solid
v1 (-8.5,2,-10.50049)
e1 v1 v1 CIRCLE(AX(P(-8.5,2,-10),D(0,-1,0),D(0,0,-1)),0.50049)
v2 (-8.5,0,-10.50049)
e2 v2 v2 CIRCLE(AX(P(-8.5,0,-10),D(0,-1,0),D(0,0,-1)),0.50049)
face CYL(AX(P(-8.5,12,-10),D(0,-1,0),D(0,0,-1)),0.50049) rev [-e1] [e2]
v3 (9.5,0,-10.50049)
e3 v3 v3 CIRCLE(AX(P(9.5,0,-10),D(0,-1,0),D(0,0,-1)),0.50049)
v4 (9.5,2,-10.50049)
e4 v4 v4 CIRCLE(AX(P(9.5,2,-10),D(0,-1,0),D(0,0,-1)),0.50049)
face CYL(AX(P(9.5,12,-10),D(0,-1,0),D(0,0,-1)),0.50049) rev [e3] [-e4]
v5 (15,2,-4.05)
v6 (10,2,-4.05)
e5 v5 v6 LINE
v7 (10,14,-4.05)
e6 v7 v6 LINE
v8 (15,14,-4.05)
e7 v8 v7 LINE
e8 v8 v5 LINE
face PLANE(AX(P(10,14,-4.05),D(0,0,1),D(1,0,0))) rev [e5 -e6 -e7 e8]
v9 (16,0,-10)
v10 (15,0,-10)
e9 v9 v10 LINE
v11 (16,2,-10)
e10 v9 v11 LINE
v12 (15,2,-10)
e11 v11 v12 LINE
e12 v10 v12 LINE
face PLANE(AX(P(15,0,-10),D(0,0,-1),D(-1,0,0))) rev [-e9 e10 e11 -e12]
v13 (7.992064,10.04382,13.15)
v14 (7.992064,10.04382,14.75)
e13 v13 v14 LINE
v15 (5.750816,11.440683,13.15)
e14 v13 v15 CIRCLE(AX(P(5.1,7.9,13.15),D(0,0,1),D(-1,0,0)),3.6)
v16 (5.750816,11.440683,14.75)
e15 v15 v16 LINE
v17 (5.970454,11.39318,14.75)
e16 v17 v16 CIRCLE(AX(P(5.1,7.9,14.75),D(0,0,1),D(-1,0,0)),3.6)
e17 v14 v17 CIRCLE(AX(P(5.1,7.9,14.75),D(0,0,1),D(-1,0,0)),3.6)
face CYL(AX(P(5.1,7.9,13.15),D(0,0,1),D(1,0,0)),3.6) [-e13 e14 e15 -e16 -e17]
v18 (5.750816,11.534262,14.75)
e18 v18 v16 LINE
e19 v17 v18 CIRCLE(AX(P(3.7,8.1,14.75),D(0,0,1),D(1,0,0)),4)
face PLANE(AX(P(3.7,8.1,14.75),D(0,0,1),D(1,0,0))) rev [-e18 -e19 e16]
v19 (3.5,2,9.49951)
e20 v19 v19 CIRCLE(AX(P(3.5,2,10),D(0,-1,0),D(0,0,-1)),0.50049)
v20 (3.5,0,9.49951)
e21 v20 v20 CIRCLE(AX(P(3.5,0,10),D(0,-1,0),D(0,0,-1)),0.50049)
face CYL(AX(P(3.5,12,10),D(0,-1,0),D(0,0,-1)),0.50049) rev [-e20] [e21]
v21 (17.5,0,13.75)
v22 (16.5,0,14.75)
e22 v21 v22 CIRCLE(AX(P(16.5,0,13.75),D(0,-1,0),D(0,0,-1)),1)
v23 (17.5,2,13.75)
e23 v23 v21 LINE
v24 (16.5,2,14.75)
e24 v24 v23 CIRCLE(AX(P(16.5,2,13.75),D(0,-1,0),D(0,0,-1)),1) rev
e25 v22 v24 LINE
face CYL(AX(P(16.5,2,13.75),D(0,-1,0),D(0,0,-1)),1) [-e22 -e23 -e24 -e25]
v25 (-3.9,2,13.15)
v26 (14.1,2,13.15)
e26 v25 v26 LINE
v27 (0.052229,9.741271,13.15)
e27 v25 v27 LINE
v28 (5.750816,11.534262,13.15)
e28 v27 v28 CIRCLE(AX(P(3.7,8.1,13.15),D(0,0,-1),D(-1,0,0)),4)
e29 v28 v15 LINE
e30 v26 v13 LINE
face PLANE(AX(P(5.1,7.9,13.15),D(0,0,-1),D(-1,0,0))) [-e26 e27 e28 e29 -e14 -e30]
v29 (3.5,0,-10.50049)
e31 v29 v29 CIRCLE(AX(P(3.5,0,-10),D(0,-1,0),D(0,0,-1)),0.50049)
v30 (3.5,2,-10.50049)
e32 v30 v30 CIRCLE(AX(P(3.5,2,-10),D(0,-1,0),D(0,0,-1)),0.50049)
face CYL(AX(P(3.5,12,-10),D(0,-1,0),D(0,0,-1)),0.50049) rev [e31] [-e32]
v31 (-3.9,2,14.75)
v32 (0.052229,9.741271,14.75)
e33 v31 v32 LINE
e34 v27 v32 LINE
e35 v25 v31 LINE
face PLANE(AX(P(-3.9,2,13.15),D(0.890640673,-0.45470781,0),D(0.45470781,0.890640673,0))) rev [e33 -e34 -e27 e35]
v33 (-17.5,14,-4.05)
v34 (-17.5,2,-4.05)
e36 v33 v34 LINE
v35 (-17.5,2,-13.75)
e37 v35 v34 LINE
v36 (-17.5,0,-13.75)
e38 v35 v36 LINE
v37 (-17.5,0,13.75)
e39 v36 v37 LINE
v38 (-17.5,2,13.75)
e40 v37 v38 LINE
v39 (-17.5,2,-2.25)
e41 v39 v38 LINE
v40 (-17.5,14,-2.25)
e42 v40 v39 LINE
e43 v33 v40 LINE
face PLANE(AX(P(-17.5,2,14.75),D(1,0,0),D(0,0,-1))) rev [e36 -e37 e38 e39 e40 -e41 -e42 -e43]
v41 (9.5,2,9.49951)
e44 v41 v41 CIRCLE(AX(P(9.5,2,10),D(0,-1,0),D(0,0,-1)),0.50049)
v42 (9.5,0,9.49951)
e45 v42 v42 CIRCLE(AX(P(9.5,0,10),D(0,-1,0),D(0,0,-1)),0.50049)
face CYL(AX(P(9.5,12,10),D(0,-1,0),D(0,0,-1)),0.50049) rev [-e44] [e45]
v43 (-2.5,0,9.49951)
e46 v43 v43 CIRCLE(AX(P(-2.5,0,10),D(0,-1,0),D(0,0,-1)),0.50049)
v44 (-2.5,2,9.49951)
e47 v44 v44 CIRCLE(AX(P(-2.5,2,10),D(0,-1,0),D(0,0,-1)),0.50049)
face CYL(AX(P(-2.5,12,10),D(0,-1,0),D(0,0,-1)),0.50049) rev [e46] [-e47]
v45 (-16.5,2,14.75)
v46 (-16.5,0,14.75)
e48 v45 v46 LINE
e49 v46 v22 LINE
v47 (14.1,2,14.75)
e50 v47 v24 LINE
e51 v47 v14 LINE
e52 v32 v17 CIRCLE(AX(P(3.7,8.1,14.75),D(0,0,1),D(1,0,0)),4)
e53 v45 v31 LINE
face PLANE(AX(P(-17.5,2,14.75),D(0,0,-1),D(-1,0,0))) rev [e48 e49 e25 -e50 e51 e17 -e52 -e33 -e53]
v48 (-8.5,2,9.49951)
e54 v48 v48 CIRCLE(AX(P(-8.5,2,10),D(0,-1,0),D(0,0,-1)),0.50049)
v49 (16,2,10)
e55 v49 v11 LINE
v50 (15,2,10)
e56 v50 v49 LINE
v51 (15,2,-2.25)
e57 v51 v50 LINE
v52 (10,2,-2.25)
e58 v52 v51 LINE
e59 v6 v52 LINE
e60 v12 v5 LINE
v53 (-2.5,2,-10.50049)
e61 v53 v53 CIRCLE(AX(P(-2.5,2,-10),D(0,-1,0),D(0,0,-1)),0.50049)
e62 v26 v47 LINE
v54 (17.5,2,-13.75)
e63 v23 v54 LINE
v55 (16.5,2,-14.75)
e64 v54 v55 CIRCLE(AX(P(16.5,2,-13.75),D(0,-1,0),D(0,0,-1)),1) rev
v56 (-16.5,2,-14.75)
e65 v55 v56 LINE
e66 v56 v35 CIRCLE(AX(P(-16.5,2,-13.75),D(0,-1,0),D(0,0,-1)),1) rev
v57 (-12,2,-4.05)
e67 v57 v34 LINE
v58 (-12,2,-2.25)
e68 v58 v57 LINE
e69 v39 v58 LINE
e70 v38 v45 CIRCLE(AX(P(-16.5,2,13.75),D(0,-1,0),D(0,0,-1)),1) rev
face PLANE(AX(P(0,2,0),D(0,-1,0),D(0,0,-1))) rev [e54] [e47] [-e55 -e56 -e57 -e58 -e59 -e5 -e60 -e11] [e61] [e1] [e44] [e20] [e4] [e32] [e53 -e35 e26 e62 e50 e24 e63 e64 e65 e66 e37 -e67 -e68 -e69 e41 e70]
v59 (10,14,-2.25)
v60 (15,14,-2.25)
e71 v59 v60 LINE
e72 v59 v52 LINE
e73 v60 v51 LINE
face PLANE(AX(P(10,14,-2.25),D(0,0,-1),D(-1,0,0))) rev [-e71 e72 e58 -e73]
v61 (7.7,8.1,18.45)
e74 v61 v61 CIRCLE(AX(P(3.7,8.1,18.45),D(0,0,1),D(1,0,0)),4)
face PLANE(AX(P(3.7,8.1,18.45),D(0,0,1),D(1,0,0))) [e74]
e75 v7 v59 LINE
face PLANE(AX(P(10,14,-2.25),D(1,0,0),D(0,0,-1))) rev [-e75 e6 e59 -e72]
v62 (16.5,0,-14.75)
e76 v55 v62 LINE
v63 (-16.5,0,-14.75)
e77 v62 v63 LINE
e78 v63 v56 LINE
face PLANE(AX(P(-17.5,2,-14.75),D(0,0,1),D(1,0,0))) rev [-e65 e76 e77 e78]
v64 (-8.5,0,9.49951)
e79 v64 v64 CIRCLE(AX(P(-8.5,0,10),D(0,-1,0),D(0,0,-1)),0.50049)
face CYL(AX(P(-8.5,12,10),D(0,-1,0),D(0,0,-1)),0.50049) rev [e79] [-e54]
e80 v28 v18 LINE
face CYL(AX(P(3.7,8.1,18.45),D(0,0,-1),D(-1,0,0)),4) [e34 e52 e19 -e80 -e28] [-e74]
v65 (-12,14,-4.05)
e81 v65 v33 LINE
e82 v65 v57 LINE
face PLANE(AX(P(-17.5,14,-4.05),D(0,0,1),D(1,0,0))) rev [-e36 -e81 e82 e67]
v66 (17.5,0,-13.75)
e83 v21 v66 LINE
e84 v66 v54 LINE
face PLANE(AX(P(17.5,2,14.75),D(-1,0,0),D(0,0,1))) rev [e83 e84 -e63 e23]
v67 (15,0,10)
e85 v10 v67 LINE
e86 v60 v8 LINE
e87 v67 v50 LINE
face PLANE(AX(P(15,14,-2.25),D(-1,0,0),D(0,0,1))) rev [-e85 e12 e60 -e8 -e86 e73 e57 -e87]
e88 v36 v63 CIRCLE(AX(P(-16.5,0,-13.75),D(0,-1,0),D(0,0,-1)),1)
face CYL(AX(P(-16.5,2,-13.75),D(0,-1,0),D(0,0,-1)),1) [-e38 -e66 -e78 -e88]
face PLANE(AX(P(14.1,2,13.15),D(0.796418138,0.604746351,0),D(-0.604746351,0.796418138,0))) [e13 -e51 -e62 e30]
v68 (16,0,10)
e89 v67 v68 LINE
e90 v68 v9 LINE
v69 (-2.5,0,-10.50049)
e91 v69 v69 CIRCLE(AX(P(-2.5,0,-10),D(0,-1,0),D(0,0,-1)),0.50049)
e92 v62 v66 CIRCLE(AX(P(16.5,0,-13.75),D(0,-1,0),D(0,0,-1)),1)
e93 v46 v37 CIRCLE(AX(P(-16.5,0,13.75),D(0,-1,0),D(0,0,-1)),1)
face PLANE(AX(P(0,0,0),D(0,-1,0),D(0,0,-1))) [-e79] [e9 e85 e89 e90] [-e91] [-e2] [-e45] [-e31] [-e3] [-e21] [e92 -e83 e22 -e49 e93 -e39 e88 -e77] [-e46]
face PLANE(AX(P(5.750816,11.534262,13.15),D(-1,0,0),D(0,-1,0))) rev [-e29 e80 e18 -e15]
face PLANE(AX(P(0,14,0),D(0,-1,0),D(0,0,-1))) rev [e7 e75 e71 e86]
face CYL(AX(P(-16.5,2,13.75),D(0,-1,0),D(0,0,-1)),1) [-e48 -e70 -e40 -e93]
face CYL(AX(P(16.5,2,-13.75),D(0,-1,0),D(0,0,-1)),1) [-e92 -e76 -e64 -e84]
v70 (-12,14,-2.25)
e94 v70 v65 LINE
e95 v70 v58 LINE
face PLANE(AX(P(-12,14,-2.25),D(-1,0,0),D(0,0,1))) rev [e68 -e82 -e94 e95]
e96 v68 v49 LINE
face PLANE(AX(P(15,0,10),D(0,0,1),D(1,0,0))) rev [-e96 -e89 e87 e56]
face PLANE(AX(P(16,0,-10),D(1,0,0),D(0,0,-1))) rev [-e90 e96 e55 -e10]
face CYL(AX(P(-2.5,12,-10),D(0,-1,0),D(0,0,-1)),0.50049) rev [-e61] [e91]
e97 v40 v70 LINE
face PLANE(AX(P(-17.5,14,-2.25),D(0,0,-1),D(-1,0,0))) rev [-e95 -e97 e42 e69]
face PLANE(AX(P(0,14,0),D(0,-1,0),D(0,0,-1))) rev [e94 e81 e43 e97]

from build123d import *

# Parameters (mm, degrees)
CROQUIS1_W              = 35
CROQUIS1_H              = 29.5
SALIENTE_EXTRUIR1_DEPTH = 2
SALIENTE_EXTRUIR2_DEPTH = 1.6
CROQUIS3_R              = 4
SALIENTE_EXTRUIR3_DEPTH = 3.7
CROQUIS4_W              = 5.5
CROQUIS4_H              = 1.8
CROQUIS4_W_2            = 5
SALIENTE_EXTRUIR4_DEPTH = 12
CROQUIS5_W              = 1
CROQUIS5_H              = 20
CORTAR_EXTRUIR1_DEPTH   = 29.118543703
CROQUIS6_R              = 0.500490027
CORTAR_EXTRUIR2_DEPTH   = 12
REDONDEO1_R             = 1
SALIENTE_EXTRUIR5_START = 1.6
SALIENTE_EXTRUIR5_DEPTH = 1.6


with BuildPart() as part:
    # Croquis1 → Saliente-Extruir1 (new body)
    with BuildSketch(Plane(origin=(0, 0, 0), x_dir=(1, 0, 0), z_dir=(0, 1, 0))):
        Rectangle(CROQUIS1_W, CROQUIS1_H)
    extrude(amount=SALIENTE_EXTRUIR1_DEPTH)

    # Croquis2 → Saliente-Extruir2 (add)
    with BuildSketch(Plane.XY.offset(14.75)):
        with BuildLine():
            Line((14.1, 2), (-3.9, 2))
            Line((-3.9, 2), (2.207935866, 10.043820198))
            ThreePointArc((2.207935866, 10.043820198), (5.1, 11.5), (7.992064134, 10.043820198))
            Line((7.992064134, 10.043820198), (14.1, 2))
        make_face()
    extrude(amount=-SALIENTE_EXTRUIR2_DEPTH)

    # Croquis3 → Saliente-Extruir3 (add)
    with BuildSketch(Plane.XY.offset(14.75)):
        with Locations(Location((3.7, 8.1, 0), (0, 0, 196.564510331))):
            Circle(CROQUIS3_R)
    extrude(amount=SALIENTE_EXTRUIR3_DEPTH)

    # Croquis4 → Saliente-Extruir4 (add)
    with BuildSketch(Plane(origin=(0, 2, 0), x_dir=(1, 0, 0), z_dir=(0, 1, 0))):
        with Locations((-14.75, 3.15)):
            Rectangle(CROQUIS4_W, CROQUIS4_H)
        with Locations((12.5, 3.15)):
            Rectangle(CROQUIS4_W_2, CROQUIS4_H)
    extrude(amount=SALIENTE_EXTRUIR4_DEPTH)

    # Croquis5 → Cortar-Extruir1 (cut, through all)
    with BuildSketch(Plane(origin=(0, 2, 0), x_dir=(1, 0, 0), z_dir=(0, 1, 0))):
        with Locations((15.5, 0)):
            Rectangle(CROQUIS5_W, CROQUIS5_H)
    extrude(amount=-CORTAR_EXTRUIR1_DEPTH, mode=Mode.SUBTRACT)

    # Croquis6 → Cortar-Extruir2 (cut)
    with BuildSketch(Plane.XZ):
        with Locations(Location((-8.5, -10, 0), (0, 0, 270))):
            Circle(CROQUIS6_R)
        with Locations(Location((-2.5, -10, 0), (0, 0, 270))):
            Circle(CROQUIS6_R)
        with Locations(Location((3.5, -10, 0), (0, 0, 270))):
            Circle(CROQUIS6_R)
        with Locations(Location((9.5, -10, 0), (0, 0, 270))):
            Circle(CROQUIS6_R)
        with Locations(Location((-2.5, 10, 0), (0, 0, 270))):
            Circle(CROQUIS6_R)
        with Locations(Location((3.5, 10, 0), (0, 0, 270))):
            Circle(CROQUIS6_R)
        with Locations(Location((9.5, 10, 0), (0, 0, 270))):
            Circle(CROQUIS6_R)
        with Locations(Location((-8.5, 10, 0), (0, 0, 270))):
            Circle(CROQUIS6_R)
    extrude(amount=-CORTAR_EXTRUIR2_DEPTH, mode=Mode.SUBTRACT)

    # Redondeo1
    redondeo1_edges = [part.edges().sort_by_distance(p)[0] for p in [
        (17.5, 1, 14.75),
        (-17.5, 1, 14.75),
        (-17.5, 1, -14.75),
        (17.5, 1, -14.75),
    ]]
    fillet(redondeo1_edges, radius=REDONDEO1_R)

    # Croquis7 → Saliente-Extruir5 (add)
    with BuildSketch(Plane(origin=(0, 0, 14.75), x_dir=(-1, 0, 0), z_dir=(0, 0, -1)).offset(SALIENTE_EXTRUIR5_START)):
        with BuildLine():
            Line((3.9, 2), (-0.052229294, 9.741270508))
            ThreePointArc((-0.052229294, 9.741270508), (-2.499470939, 11.915590383), (-5.750816337, 11.534261544))
            Line((-5.750816337, 11.534261544), (-5.750816337, 2))
            Line((-5.750816337, 2), (3.9, 2))
        make_face()
    extrude(amount=-SALIENTE_EXTRUIR5_DEPTH)


solid = part.part
